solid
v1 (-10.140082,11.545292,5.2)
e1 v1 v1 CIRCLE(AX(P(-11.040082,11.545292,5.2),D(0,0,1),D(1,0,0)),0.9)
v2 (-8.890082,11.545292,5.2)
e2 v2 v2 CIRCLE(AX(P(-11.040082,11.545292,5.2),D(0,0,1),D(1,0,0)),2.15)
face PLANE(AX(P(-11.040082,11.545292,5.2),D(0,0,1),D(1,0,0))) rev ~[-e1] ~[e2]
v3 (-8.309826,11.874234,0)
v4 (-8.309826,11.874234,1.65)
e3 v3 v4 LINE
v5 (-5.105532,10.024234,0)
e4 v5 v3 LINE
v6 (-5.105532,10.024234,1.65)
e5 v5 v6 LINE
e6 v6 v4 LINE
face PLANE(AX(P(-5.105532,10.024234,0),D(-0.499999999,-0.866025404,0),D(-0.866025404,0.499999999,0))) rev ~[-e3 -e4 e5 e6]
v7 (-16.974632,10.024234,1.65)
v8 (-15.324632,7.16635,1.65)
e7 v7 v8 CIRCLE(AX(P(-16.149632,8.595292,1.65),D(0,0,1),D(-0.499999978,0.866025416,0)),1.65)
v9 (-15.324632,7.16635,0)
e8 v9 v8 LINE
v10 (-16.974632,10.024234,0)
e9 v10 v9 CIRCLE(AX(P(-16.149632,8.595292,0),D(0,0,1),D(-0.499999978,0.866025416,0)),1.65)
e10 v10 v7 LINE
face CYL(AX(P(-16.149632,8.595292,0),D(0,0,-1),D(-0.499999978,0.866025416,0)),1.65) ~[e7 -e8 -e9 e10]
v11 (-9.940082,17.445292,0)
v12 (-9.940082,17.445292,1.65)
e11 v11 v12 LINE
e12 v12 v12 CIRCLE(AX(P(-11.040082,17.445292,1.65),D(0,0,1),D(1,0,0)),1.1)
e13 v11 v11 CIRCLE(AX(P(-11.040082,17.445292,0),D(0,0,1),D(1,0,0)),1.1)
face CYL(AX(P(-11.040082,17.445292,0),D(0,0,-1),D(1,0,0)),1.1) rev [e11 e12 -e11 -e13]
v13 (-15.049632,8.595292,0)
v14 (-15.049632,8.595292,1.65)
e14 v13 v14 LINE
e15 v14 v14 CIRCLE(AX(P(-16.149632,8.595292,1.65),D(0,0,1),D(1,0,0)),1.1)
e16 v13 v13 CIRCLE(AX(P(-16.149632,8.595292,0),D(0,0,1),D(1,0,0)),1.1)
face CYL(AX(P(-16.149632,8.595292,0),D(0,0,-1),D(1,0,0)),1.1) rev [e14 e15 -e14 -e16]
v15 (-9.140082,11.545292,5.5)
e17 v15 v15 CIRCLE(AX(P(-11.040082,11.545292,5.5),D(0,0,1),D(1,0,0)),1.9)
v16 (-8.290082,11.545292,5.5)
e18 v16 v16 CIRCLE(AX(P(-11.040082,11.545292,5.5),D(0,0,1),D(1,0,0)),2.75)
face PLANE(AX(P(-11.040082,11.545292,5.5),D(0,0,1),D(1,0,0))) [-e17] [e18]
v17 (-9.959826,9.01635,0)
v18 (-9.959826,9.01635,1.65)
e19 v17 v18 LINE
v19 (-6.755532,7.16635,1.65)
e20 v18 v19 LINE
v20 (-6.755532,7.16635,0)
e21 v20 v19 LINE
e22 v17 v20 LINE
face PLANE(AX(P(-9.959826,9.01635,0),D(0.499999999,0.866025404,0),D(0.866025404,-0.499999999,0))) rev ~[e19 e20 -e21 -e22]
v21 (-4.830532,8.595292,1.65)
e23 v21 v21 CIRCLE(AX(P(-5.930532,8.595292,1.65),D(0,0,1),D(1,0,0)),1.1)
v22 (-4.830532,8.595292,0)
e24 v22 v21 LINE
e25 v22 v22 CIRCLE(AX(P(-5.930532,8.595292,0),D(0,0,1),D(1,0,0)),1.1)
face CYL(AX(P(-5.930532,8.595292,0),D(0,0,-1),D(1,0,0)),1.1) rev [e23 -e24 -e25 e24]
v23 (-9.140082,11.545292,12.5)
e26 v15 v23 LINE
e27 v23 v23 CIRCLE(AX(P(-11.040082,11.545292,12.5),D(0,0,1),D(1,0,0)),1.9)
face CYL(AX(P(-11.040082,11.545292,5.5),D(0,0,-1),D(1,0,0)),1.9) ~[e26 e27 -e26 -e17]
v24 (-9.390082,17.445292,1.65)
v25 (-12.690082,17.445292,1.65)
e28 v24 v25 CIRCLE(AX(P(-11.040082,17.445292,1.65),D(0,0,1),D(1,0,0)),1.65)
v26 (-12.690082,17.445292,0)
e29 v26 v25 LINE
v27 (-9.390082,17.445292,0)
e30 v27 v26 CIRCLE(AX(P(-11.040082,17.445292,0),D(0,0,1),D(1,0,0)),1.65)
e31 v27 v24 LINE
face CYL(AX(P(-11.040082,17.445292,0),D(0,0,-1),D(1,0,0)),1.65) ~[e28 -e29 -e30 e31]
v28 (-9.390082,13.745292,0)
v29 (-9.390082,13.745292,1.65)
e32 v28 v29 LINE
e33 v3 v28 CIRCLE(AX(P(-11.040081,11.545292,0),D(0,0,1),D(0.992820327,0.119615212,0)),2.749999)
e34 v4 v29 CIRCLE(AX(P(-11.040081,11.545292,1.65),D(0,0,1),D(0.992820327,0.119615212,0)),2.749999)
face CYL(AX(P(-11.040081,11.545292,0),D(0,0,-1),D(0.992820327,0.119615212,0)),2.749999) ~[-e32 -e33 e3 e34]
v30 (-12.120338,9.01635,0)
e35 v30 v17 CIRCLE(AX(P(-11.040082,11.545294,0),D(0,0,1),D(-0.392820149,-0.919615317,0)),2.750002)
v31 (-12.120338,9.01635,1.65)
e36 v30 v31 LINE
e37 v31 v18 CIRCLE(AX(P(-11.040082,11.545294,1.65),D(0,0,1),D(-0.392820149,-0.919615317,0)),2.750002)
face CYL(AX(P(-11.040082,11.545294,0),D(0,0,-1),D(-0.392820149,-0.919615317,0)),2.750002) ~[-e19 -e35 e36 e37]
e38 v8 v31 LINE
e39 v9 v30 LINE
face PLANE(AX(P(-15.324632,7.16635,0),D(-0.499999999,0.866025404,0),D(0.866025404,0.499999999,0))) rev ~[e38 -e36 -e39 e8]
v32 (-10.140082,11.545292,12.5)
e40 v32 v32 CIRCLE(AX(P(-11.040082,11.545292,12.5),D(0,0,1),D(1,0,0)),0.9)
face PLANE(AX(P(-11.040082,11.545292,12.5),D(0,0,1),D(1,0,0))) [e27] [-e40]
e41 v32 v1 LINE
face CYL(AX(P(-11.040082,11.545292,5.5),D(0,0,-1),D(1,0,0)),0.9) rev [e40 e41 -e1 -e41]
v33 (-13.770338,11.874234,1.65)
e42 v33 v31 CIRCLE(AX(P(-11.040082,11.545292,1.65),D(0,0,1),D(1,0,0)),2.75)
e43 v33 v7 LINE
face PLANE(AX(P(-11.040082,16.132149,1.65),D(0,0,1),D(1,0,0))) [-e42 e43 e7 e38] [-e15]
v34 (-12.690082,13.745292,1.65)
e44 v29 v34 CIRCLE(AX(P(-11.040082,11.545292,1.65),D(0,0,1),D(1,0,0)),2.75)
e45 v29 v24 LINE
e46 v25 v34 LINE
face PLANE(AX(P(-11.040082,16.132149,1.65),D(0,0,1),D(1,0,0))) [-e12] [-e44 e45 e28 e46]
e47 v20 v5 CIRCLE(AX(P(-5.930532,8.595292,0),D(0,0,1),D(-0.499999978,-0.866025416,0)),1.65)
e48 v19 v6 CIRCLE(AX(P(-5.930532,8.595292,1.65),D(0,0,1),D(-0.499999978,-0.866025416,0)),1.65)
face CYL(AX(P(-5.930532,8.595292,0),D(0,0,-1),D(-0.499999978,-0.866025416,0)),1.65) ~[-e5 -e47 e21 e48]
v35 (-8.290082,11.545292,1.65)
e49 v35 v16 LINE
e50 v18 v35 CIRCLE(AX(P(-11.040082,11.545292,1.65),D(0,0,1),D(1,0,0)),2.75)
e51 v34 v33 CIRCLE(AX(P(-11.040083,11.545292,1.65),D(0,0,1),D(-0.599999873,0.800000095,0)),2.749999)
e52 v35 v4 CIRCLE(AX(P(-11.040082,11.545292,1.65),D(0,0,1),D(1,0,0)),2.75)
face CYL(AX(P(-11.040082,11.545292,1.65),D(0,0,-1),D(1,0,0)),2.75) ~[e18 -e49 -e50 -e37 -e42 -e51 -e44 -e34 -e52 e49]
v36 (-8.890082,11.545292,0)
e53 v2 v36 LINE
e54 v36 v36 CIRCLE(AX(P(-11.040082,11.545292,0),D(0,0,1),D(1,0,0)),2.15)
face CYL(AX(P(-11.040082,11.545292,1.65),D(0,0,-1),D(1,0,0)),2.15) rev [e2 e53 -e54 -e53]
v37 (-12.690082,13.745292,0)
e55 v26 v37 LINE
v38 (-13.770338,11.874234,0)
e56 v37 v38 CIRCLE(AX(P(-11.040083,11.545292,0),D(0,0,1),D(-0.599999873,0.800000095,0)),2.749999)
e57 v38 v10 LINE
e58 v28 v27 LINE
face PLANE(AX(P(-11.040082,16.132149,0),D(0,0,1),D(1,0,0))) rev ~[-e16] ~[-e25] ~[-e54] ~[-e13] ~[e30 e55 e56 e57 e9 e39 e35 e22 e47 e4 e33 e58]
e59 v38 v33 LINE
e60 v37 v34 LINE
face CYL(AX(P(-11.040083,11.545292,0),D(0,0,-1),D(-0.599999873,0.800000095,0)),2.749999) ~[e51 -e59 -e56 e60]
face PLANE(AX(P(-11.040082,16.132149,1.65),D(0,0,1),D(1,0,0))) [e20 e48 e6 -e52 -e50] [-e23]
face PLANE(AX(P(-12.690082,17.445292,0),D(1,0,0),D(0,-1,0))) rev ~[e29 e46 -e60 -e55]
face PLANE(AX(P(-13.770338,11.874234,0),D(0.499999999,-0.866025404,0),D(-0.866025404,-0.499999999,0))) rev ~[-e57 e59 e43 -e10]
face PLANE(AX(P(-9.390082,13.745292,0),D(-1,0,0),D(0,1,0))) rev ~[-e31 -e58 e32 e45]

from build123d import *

# Parameters (mm, degrees)
F0_R     = 1.1
F0_R_2   = 2.15
F1_DEPTH = 1.65
F2_R     = 2.75
F2_R_2   = 2.15
F3_DEPTH = 3.85
F4_R     = 2.15
F4_R_2   = 1.9
F4_R_3   = 0.9
F5_DEPTH = 0.3
F6_DEPTH = 7


with BuildPart() as f1:
    # F0 (on Top) → F1 (new body)
    with BuildSketch(Plane.XY):
        with BuildLine():
            ThreePointArc((-12.690082, 13.745292), (-11.040082, 14.295292), (-9.390082, 13.745292))
            Line((-9.390082, 13.745292), (-9.390082, 17.445292))
            ThreePointArc((-9.390082, 17.445292), (-11.040082, 19.095292), (-12.690082, 17.445292))
            Line((-12.690082, 17.445292), (-12.690082, 13.745292))
        make_face()
        with Locations((-11.040082, 17.445292)):
            Circle(F0_R, mode=Mode.SUBTRACT)
        with BuildLine():
            ThreePointArc((-9.959826, 9.01635), (-8.745174, 10.03007), (-8.290082, 11.545292))
            ThreePointArc((-8.290082, 11.545292), (-8.295022, 11.710059), (-8.309826, 11.874234))
            ThreePointArc((-8.309826, 11.874234), (-8.658512, 12.920292), (-9.390082, 13.745292))
            ThreePointArc((-9.390082, 13.745292), (-11.040082, 14.295292), (-12.690082, 13.745292))
            ThreePointArc((-12.690082, 13.745292), (-13.421652, 12.920292), (-13.770338, 11.874234))
            ThreePointArc((-13.770338, 11.874234), (-13.421652, 10.170292), (-12.120338, 9.01635))
            ThreePointArc((-12.120338, 9.01635), (-11.040082, 8.795292), (-9.959826, 9.01635))
        make_face()
        with Locations((-11.040082, 11.545292)):
            Circle(F0_R_2, mode=Mode.SUBTRACT)
        with BuildLine():
            ThreePointArc((-8.309826, 11.874234), (-8.295022, 11.710059), (-8.290082, 11.545292))
            ThreePointArc((-8.290082, 11.545292), (-8.745174, 10.03007), (-9.959826, 9.01635))
            Line((-9.959826, 9.01635), (-6.755532, 7.16635))
            ThreePointArc((-6.755532, 7.16635), (-4.50159, 7.770292), (-5.105532, 10.024234))
            Line((-5.105532, 10.024234), (-8.309826, 11.874234))
        make_face()
        with Locations((-5.930532, 8.595292)):
            Circle(F0_R, mode=Mode.SUBTRACT)
        with BuildLine():
            Line((-15.324632, 7.16635), (-12.120338, 9.01635))
            ThreePointArc((-12.120338, 9.01635), (-13.421652, 10.170292), (-13.770338, 11.874234))
            Line((-13.770338, 11.874234), (-16.974632, 10.024234))
            ThreePointArc((-16.974632, 10.024234), (-17.578574, 7.770292), (-15.324632, 7.16635))
        make_face()
        with Locations((-16.149632, 8.595292)):
            Circle(F0_R, mode=Mode.SUBTRACT)
    extrude(amount=F1_DEPTH)

    # F2 (on face) → F3 (join)
    with BuildSketch(Plane.XY.offset(1.65)):
        with Locations((-11.040082, 11.545292)):
            Circle(F2_R)
        with Locations((-11.040082, 11.545292)):
            Circle(F2_R_2, mode=Mode.SUBTRACT)
    extrude(amount=F3_DEPTH)

    # F4 (on face) → F5 (join)
    with BuildSketch(Plane.XY.offset(5.5)):
        with Locations((-11.040082, 11.545292)):
            Circle(F4_R)
        with Locations((-11.040082, 11.545292)):
            Circle(F4_R_2, mode=Mode.SUBTRACT)
        with Locations((-11.040082, 11.545292)):
            Circle(F4_R_2)
        with Locations((-11.040082, 11.545292)):
            Circle(F4_R_3, mode=Mode.SUBTRACT)
    extrude(amount=-F5_DEPTH)

    # F4 (on face) → F6 (join)
    with BuildSketch(Plane.XY.offset(5.5)):
        with Locations((-11.040082, 11.545292)):
            Circle(F4_R_2)
        with Locations((-11.040082, 11.545292)):
            Circle(F4_R_3, mode=Mode.SUBTRACT)
    extrude(amount=F6_DEPTH)


solid = f1.part
